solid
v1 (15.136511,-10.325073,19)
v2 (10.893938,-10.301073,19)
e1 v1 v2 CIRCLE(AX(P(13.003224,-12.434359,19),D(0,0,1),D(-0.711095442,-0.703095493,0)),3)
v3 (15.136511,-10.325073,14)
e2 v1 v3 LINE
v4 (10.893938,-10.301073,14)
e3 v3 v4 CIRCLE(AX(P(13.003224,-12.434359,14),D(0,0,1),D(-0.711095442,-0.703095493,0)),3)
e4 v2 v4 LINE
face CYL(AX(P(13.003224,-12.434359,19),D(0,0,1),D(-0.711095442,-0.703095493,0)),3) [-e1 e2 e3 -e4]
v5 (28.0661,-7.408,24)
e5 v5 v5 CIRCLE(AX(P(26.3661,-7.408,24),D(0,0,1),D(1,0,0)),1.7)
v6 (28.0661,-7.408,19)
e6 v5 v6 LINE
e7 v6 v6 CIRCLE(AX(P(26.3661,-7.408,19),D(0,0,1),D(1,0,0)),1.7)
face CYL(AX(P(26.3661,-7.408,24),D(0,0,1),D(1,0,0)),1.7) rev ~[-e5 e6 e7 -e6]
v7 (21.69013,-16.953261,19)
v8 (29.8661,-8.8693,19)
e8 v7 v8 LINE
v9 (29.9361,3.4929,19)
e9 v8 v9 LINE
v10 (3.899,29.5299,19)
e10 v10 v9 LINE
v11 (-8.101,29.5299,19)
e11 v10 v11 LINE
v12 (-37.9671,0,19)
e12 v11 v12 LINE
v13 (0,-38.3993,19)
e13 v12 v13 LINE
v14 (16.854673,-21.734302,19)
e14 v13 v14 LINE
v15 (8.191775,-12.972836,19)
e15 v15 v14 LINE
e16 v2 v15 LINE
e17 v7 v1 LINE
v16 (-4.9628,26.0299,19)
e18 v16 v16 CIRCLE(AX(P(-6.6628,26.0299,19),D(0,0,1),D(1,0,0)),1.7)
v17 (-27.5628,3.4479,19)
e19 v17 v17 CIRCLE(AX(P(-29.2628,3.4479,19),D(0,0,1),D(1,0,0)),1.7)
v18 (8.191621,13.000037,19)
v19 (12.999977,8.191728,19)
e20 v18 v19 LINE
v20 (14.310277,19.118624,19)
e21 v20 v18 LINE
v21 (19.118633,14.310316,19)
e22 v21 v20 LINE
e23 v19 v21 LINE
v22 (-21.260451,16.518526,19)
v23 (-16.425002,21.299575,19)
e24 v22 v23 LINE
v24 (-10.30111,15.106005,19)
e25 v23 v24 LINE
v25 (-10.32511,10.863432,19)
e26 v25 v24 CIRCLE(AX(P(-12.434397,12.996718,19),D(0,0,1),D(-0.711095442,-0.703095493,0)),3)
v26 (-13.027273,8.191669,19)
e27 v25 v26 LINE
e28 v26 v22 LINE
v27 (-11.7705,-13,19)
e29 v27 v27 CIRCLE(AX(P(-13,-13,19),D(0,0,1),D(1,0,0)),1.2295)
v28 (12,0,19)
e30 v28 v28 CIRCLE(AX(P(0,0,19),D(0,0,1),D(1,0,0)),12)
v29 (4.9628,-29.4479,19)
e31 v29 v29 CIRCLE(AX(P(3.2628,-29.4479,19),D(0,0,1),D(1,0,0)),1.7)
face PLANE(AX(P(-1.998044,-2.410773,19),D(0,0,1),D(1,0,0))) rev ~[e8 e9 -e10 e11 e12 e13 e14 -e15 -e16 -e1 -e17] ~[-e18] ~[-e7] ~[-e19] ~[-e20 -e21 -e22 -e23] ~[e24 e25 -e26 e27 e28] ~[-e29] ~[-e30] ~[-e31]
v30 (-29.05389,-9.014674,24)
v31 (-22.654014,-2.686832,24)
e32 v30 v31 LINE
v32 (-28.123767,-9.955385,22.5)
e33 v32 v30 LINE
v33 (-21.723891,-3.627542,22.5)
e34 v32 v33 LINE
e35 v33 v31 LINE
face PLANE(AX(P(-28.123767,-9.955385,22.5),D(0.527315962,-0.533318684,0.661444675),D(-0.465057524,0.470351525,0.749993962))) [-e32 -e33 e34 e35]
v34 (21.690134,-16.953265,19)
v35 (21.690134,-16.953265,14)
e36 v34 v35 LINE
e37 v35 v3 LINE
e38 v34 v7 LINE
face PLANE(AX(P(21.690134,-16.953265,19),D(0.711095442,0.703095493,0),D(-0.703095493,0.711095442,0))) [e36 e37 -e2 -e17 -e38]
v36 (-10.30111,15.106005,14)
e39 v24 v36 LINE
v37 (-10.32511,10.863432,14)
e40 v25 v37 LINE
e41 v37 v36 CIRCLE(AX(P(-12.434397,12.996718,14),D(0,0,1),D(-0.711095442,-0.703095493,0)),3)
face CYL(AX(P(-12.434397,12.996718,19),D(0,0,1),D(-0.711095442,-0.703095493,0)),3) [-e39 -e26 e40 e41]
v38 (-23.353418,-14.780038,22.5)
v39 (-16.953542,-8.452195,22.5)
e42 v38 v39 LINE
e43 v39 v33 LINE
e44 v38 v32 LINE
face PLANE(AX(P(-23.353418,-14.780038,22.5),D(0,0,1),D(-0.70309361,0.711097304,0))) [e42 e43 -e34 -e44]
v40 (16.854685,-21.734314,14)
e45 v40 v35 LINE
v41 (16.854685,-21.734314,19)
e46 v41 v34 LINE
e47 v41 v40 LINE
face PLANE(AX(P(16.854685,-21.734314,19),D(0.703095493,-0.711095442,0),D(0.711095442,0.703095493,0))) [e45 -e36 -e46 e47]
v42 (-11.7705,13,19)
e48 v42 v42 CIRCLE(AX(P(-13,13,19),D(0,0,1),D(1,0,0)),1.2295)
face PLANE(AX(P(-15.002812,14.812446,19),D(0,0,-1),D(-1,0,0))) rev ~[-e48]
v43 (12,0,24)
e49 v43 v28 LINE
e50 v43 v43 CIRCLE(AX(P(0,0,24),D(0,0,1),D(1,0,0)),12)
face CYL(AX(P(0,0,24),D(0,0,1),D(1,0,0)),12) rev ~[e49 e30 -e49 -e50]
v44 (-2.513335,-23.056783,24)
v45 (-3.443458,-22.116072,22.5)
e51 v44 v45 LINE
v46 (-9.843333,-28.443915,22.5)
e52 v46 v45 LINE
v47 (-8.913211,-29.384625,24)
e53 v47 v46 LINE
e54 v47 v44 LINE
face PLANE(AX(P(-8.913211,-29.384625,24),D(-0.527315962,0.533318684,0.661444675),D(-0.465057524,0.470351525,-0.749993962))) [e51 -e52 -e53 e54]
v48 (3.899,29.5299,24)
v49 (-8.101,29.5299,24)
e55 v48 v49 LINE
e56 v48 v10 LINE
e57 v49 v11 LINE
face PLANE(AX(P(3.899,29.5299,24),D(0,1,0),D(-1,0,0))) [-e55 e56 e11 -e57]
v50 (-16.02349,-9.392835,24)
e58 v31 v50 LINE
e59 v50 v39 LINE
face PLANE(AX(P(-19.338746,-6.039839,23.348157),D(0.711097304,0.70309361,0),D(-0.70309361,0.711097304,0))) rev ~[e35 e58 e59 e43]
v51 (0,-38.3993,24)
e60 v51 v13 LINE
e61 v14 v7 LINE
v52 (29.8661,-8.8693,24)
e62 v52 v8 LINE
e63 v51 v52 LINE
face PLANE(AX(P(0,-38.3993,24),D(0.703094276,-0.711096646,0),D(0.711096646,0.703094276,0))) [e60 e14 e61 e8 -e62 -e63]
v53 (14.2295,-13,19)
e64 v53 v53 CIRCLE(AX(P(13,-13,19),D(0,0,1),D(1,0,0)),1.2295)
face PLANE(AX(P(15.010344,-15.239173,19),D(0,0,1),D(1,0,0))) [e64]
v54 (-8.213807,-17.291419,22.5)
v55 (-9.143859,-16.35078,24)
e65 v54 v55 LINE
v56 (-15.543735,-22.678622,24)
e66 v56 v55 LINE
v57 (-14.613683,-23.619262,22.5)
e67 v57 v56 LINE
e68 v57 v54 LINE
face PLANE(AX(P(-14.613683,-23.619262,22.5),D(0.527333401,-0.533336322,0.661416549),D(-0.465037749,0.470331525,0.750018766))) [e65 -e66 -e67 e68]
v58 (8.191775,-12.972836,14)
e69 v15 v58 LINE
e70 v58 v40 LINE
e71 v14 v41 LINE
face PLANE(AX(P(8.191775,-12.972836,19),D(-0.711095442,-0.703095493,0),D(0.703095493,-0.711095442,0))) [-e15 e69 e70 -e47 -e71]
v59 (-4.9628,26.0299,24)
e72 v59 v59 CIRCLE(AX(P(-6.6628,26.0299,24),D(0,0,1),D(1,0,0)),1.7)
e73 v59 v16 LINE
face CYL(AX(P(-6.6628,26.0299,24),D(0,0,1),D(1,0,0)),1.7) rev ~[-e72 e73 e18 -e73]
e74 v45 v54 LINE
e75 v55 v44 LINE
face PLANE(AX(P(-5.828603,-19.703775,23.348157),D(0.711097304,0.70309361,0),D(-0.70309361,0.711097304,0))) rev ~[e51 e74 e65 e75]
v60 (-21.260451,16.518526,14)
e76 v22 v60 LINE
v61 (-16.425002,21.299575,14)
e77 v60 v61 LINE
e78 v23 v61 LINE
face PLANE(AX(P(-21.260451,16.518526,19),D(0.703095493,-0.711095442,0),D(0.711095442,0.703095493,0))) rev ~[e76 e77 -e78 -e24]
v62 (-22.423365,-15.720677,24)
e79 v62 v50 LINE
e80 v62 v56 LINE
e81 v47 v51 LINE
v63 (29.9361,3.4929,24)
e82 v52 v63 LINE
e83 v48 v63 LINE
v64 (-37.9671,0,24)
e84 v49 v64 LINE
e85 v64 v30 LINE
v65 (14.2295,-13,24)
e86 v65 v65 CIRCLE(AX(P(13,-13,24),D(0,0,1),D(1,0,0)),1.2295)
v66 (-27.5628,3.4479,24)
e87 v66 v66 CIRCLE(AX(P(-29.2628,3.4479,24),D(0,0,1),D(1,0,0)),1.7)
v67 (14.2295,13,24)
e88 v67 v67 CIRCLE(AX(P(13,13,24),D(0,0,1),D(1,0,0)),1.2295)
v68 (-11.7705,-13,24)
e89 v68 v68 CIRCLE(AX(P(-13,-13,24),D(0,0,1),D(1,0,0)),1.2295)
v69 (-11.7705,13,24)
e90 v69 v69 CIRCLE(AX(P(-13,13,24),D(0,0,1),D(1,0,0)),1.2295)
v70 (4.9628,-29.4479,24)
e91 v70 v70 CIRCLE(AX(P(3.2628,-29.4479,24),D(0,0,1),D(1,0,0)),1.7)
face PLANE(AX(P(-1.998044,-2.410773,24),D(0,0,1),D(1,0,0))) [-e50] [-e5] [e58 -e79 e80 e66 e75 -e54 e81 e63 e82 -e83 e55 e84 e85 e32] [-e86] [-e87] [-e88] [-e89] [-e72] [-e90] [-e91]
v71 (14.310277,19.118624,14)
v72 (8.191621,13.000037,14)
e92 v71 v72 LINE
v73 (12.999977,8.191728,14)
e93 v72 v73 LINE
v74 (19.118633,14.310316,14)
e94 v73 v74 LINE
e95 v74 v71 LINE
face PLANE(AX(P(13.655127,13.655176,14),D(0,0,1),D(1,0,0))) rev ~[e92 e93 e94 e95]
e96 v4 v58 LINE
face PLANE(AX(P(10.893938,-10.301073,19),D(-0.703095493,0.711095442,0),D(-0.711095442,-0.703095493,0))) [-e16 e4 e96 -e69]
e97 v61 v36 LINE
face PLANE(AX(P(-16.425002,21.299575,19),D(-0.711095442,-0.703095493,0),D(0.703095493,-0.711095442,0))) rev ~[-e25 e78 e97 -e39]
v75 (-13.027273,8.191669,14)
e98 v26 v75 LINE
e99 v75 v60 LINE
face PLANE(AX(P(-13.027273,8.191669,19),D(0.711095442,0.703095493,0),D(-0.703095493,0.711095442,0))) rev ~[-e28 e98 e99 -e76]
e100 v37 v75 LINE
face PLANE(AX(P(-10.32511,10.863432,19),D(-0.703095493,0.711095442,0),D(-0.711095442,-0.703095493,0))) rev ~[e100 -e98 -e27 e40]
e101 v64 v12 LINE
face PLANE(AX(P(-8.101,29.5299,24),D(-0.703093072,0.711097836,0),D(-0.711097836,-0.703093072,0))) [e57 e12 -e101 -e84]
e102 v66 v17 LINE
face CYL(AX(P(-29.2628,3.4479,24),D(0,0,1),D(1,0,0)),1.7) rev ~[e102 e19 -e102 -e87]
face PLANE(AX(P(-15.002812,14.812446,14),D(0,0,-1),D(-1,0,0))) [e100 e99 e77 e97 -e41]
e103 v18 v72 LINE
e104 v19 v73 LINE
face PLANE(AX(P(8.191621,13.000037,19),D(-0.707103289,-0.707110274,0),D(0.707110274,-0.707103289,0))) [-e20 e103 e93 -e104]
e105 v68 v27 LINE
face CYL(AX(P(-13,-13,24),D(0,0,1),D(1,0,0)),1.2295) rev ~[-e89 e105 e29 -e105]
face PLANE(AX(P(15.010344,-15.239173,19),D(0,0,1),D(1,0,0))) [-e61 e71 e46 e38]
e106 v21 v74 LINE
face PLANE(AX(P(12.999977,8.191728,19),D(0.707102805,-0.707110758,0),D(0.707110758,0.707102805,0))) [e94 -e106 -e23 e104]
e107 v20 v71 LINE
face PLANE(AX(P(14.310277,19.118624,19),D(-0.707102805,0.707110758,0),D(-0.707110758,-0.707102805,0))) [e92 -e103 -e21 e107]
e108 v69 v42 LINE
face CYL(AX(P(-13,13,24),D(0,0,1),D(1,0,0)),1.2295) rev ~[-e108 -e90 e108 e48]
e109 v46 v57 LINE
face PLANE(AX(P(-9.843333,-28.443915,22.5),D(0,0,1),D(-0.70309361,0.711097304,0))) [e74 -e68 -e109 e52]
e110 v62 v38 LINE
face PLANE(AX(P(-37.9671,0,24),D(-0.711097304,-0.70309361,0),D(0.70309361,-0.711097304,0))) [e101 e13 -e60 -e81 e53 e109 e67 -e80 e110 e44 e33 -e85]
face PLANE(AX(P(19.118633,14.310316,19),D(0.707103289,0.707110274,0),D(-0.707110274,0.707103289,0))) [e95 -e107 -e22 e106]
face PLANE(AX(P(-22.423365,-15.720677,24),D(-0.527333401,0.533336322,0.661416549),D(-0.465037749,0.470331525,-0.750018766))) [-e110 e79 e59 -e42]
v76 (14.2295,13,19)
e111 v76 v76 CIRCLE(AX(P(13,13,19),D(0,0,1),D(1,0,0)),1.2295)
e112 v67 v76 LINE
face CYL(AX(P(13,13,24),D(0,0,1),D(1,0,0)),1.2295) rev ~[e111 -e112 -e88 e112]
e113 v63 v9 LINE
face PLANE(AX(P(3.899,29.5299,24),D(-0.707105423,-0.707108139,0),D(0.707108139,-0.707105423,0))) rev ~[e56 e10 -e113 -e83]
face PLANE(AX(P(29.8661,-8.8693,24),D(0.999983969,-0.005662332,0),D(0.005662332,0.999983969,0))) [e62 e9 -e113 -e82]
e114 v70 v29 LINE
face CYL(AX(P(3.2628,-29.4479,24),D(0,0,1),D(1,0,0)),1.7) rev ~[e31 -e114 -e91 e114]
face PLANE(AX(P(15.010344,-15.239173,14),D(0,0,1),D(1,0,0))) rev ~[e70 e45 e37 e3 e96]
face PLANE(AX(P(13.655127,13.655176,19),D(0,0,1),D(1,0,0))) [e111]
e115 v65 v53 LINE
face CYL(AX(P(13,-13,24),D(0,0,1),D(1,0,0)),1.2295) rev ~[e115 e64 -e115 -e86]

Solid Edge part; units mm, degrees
sketch "Sketch1" plane through (0, 0, 24) normal (0, 0, 1) x (1, 0, 0)
  circle A0 centre (-13, 13) radius 1.2295
  circle A1 centre (13, 13) radius 1.2295
  circle A2 centre (13, -13) radius 1.2295
  circle A3 centre (-13, -13) radius 1.2295
  circle A4 centre (0, 0) radius 12
  circle A5 centre (-6.6628, 26.0299) radius 1.7
  circle A6 centre (26.3661, -7.408) radius 1.7
  circle A7 centre (-29.2628, 3.4479) radius 1.7
  circle A8 centre (3.2628, -29.4479) radius 1.7
  line L0 (0, -38.3993) -> (29.8661, -8.8693)
  line L1 (29.8661, -8.8693) -> (29.9361, 3.4929)
  line L2 (3.899, 29.5299) -> (29.9361, 3.4929)
  line L3 (3.899, 29.5299) -> (-8.101, 29.5299)
  line L4 (-8.101, 29.5299) -> (-37.9671, 0)
  line L5 (-37.9671, 0) -> (0, -38.3993)
  dimension "D1" = 54
  dimension "D2" = 13
  dimension "D3" = 1
  dimension "D4" = 3.4
  dimension "D5" = 20
  dimension "D6" = 30
  dimension "D7" = 10
  dimension "D8" = 7.1
  dimension "D9" = 3.5
  dimension "D10" = 3.5
  dimension "D11" = 42
  dimension "D12" = 42
  dimension "D13" = 3.5
  dimension "D14" = 3.5
extrude "ExtrudedProtrusion_2" add sketch "Sketch1" against normal blind 5
sketch "Sketch2" plane through (-3.908, -4.4218, 19) normal (0, 0, -1) x (-0.7111, -0.7031, 0)
  line L0 (-2.3838, 27.091) -> (-9.1838, 27.091)
  line L1 (-9.1838, 27.091) -> (-9.1838, 18.3811)
  arc A0 (-6.1838, 15.3811) -> (-9.1838, 18.3811) centre (-6.1838, 18.3811) cw
  line L2 (-6.1838, 15.3811) -> (-2.3838, 15.3811)
  line L3 (-2.3838, 15.3811) -> (-2.3838, 27.091)
  line L4 (-2.5919, -26.909) -> (-9.3919, -26.909)
  line L5 (-9.3919, -26.909) -> (-9.3919, -17.5879)
  arc A1 (-9.3919, -17.5879) -> (-6.3919, -14.5879) centre (-6.3919, -17.5879) cw
  line L6 (-6.3919, -14.5879) -> (-2.5919, -14.5879)
  line L7 (-2.5919, -14.5879) -> (-2.5919, -26.909)
  line L8 (-29.5446, -2.8696) -> (-29.5061, 3.9303)
  line L9 (-29.5061, 3.9303) -> (-20.8532, 3.8814)
  line L10 (-20.8532, 3.8814) -> (-20.8917, -2.9185)
  line L11 (-20.8917, -2.9185) -> (-29.5446, -2.8696)
extrude "ExtrudedProtrusion_4" add sketch "Sketch2" along normal blind 5
sketch "Sketch3" plane through (-18.9835, -19.1996, 21.5) normal (-0.7111, -0.7031, 0) x (-0.7031, 0.7111, 0)
  line L0 (-14.3229, -2.5) -> (-13, -1)
  line L1 (-13, -1) -> (-6.2152, -1)
  line L2 (-6.2152, -1) -> (-4.8924, -2.5)
  line L3 (-4.8924, -2.5) -> (-14.3229, -2.5)
  line L4 (14.3229, -2.5) -> (4.8924, -2.5)
  line L5 (4.8924, -2.5) -> (6.2152, -1)
  line L6 (6.2152, -1) -> (13, -1)
  line L7 (13, -1) -> (14.3229, -2.5)
  dimension "D1" = 1.5
  dimension "D2" = 1.5
  dimension "D3" = 14
  dimension "D4" = 14
  dimension "D5" = 2
  dimension "D6" = 2
extrude "Cutout1" cut sketch "Sketch3" against normal blind 9
properties material "ABS Plastic, high impact"
